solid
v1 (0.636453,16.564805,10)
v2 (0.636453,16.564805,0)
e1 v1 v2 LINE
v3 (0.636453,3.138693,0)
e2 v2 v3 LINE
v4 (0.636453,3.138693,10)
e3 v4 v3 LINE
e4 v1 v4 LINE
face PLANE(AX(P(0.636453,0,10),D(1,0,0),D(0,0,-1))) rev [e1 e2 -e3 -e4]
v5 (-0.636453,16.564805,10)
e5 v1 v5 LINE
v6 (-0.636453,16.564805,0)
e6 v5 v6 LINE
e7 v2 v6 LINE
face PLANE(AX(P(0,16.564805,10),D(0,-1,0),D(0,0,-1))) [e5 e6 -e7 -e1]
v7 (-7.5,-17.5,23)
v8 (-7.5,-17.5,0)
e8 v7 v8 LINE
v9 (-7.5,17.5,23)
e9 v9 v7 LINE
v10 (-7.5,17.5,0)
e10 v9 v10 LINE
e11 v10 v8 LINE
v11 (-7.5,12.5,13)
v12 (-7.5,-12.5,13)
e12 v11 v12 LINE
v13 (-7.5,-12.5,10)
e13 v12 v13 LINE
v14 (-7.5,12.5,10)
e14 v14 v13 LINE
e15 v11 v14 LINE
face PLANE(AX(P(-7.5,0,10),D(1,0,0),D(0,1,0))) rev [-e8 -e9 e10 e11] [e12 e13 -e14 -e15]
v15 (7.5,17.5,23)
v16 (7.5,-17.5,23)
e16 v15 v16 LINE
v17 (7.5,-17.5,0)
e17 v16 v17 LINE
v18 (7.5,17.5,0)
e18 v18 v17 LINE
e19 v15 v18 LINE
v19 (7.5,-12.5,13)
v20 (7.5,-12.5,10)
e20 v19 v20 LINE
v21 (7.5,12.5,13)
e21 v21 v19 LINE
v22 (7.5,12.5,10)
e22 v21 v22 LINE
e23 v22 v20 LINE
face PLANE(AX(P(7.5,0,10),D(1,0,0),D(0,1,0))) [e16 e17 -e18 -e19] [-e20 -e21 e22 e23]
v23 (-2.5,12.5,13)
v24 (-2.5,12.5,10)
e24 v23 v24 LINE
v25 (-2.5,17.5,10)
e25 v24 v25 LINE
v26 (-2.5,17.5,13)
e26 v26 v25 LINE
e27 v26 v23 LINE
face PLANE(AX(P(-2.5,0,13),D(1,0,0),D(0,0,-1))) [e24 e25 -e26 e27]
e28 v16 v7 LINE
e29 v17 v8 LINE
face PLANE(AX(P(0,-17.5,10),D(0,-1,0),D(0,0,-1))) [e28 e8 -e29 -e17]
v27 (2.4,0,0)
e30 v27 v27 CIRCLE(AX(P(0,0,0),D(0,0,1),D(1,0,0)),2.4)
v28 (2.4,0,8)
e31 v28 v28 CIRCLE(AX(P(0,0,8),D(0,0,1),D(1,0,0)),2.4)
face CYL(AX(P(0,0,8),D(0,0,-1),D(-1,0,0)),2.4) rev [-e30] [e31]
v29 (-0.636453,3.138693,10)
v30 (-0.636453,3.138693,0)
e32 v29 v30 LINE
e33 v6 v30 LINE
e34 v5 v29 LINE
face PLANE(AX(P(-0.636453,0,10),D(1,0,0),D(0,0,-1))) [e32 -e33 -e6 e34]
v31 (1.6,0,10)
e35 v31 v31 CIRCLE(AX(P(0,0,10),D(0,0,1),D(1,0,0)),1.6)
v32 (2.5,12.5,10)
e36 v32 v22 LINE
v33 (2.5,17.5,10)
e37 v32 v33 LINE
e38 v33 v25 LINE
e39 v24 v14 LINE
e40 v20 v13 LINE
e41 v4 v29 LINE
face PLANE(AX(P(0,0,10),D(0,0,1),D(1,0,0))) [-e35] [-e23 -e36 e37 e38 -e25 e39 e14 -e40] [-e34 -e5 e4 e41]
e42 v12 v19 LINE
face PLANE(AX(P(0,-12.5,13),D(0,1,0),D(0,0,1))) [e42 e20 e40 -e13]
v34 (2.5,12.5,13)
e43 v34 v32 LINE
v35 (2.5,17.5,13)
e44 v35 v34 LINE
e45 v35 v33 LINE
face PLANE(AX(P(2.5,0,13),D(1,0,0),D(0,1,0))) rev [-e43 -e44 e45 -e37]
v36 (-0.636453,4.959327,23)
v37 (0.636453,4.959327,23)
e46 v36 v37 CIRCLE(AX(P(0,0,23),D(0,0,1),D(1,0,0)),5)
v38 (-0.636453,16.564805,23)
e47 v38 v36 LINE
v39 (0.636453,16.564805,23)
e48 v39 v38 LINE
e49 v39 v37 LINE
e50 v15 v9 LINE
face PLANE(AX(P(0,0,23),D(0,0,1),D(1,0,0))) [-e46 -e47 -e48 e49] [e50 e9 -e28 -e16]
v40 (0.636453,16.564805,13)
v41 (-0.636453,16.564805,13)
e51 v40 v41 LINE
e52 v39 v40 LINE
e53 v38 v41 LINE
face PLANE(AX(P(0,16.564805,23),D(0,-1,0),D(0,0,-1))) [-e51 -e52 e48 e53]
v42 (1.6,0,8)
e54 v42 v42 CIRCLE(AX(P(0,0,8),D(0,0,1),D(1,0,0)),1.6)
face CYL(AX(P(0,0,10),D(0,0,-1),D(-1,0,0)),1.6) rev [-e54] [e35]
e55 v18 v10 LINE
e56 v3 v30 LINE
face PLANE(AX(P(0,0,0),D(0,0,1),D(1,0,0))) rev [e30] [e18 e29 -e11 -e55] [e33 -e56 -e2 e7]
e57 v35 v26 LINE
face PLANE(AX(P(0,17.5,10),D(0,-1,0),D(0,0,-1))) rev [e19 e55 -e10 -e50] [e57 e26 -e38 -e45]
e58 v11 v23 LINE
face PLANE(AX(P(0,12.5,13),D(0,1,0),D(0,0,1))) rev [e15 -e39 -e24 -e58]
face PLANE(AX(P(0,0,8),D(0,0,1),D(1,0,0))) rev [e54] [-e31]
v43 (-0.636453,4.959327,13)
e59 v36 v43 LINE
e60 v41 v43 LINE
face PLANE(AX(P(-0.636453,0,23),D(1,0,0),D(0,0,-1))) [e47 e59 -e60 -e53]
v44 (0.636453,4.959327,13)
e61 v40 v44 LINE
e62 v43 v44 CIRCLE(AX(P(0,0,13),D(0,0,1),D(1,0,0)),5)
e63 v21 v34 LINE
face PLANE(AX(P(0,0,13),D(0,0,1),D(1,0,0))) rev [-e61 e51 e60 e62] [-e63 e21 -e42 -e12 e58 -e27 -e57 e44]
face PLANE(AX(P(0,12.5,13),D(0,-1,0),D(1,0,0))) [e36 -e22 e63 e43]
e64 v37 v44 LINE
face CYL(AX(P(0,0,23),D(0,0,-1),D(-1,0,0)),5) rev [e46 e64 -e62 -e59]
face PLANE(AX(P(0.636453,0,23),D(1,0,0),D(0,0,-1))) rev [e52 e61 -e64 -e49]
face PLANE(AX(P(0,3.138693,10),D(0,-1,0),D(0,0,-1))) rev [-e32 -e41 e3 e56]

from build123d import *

# Parameters (mm, degrees)
SKETCH1_W           = 15
SKETCH1_H           = 35
SKETCH1_W_2         = 1.272906456
SKETCH1_H_2         = 13.426112712
SKETCH1_R           = 1.6
BOSS_EXTRUDE4_DEPTH = 10
SKETCH1_9_R         = 2.4
SKETCH1_9_R_2       = 1.6
CUT_EXTRUDE3_DEPTH  = 8
SKETCH1_10_W        = 15
SKETCH1_10_H        = 5
SKETCH1_10_W_2      = 5
BOSS_EXTRUDE5_DEPTH = 13
BOSS_EXTRUDE6_START = 13
SKETCH1_11_W        = 15
SKETCH1_11_H        = 35
BOSS_EXTRUDE6_DEPTH = 10


with BuildPart() as part:
    # Sketch1 → Boss-Extrude4 (new body)
    with BuildSketch(Plane.XY):
        Rectangle(SKETCH1_W, SKETCH1_H)
        with Locations((0, 9.851749103)):
            Rectangle(SKETCH1_W_2, SKETCH1_H_2, mode=Mode.SUBTRACT)
        Circle(SKETCH1_R, mode=Mode.SUBTRACT)
    extrude(amount=BOSS_EXTRUDE4_DEPTH)

    # Sketch1<9> → Cut-Extrude3 (cut)
    with BuildSketch(Plane.XY):
        Circle(SKETCH1_9_R)
        Circle(SKETCH1_9_R_2, mode=Mode.SUBTRACT)
    extrude(amount=CUT_EXTRUDE3_DEPTH, mode=Mode.SUBTRACT)

    # Sketch1<10> → Boss-Extrude5 (add)
    with BuildSketch(Plane.XY):
        with Locations((0, -15)):
            Rectangle(SKETCH1_10_W, SKETCH1_10_H)
        with Locations((-5, 15)):
            Rectangle(SKETCH1_10_W_2, SKETCH1_10_H)
        with Locations((5, 15)):
            Rectangle(SKETCH1_10_W_2, SKETCH1_10_H)
    extrude(amount=BOSS_EXTRUDE5_DEPTH)

    # Sketch1<11> → Boss-Extrude6 (add)
    with BuildSketch(Plane.XY.offset(BOSS_EXTRUDE6_START)):
        Rectangle(SKETCH1_11_W, SKETCH1_11_H)
        with BuildLine():
            Line((-0.636453228, 16.564805459), (0.636453228, 16.564805459))
            Line((0.636453228, 16.564805459), (0.636453228, 4.959327302))
            ThreePointArc((0.636453228, 4.959327302), (0, -5), (-0.636453228, 4.959327302))
            Line((-0.636453228, 4.959327302), (-0.636453228, 16.564805459))
        make_face(mode=Mode.SUBTRACT)
    extrude(amount=BOSS_EXTRUDE6_DEPTH)


solid = part.part
